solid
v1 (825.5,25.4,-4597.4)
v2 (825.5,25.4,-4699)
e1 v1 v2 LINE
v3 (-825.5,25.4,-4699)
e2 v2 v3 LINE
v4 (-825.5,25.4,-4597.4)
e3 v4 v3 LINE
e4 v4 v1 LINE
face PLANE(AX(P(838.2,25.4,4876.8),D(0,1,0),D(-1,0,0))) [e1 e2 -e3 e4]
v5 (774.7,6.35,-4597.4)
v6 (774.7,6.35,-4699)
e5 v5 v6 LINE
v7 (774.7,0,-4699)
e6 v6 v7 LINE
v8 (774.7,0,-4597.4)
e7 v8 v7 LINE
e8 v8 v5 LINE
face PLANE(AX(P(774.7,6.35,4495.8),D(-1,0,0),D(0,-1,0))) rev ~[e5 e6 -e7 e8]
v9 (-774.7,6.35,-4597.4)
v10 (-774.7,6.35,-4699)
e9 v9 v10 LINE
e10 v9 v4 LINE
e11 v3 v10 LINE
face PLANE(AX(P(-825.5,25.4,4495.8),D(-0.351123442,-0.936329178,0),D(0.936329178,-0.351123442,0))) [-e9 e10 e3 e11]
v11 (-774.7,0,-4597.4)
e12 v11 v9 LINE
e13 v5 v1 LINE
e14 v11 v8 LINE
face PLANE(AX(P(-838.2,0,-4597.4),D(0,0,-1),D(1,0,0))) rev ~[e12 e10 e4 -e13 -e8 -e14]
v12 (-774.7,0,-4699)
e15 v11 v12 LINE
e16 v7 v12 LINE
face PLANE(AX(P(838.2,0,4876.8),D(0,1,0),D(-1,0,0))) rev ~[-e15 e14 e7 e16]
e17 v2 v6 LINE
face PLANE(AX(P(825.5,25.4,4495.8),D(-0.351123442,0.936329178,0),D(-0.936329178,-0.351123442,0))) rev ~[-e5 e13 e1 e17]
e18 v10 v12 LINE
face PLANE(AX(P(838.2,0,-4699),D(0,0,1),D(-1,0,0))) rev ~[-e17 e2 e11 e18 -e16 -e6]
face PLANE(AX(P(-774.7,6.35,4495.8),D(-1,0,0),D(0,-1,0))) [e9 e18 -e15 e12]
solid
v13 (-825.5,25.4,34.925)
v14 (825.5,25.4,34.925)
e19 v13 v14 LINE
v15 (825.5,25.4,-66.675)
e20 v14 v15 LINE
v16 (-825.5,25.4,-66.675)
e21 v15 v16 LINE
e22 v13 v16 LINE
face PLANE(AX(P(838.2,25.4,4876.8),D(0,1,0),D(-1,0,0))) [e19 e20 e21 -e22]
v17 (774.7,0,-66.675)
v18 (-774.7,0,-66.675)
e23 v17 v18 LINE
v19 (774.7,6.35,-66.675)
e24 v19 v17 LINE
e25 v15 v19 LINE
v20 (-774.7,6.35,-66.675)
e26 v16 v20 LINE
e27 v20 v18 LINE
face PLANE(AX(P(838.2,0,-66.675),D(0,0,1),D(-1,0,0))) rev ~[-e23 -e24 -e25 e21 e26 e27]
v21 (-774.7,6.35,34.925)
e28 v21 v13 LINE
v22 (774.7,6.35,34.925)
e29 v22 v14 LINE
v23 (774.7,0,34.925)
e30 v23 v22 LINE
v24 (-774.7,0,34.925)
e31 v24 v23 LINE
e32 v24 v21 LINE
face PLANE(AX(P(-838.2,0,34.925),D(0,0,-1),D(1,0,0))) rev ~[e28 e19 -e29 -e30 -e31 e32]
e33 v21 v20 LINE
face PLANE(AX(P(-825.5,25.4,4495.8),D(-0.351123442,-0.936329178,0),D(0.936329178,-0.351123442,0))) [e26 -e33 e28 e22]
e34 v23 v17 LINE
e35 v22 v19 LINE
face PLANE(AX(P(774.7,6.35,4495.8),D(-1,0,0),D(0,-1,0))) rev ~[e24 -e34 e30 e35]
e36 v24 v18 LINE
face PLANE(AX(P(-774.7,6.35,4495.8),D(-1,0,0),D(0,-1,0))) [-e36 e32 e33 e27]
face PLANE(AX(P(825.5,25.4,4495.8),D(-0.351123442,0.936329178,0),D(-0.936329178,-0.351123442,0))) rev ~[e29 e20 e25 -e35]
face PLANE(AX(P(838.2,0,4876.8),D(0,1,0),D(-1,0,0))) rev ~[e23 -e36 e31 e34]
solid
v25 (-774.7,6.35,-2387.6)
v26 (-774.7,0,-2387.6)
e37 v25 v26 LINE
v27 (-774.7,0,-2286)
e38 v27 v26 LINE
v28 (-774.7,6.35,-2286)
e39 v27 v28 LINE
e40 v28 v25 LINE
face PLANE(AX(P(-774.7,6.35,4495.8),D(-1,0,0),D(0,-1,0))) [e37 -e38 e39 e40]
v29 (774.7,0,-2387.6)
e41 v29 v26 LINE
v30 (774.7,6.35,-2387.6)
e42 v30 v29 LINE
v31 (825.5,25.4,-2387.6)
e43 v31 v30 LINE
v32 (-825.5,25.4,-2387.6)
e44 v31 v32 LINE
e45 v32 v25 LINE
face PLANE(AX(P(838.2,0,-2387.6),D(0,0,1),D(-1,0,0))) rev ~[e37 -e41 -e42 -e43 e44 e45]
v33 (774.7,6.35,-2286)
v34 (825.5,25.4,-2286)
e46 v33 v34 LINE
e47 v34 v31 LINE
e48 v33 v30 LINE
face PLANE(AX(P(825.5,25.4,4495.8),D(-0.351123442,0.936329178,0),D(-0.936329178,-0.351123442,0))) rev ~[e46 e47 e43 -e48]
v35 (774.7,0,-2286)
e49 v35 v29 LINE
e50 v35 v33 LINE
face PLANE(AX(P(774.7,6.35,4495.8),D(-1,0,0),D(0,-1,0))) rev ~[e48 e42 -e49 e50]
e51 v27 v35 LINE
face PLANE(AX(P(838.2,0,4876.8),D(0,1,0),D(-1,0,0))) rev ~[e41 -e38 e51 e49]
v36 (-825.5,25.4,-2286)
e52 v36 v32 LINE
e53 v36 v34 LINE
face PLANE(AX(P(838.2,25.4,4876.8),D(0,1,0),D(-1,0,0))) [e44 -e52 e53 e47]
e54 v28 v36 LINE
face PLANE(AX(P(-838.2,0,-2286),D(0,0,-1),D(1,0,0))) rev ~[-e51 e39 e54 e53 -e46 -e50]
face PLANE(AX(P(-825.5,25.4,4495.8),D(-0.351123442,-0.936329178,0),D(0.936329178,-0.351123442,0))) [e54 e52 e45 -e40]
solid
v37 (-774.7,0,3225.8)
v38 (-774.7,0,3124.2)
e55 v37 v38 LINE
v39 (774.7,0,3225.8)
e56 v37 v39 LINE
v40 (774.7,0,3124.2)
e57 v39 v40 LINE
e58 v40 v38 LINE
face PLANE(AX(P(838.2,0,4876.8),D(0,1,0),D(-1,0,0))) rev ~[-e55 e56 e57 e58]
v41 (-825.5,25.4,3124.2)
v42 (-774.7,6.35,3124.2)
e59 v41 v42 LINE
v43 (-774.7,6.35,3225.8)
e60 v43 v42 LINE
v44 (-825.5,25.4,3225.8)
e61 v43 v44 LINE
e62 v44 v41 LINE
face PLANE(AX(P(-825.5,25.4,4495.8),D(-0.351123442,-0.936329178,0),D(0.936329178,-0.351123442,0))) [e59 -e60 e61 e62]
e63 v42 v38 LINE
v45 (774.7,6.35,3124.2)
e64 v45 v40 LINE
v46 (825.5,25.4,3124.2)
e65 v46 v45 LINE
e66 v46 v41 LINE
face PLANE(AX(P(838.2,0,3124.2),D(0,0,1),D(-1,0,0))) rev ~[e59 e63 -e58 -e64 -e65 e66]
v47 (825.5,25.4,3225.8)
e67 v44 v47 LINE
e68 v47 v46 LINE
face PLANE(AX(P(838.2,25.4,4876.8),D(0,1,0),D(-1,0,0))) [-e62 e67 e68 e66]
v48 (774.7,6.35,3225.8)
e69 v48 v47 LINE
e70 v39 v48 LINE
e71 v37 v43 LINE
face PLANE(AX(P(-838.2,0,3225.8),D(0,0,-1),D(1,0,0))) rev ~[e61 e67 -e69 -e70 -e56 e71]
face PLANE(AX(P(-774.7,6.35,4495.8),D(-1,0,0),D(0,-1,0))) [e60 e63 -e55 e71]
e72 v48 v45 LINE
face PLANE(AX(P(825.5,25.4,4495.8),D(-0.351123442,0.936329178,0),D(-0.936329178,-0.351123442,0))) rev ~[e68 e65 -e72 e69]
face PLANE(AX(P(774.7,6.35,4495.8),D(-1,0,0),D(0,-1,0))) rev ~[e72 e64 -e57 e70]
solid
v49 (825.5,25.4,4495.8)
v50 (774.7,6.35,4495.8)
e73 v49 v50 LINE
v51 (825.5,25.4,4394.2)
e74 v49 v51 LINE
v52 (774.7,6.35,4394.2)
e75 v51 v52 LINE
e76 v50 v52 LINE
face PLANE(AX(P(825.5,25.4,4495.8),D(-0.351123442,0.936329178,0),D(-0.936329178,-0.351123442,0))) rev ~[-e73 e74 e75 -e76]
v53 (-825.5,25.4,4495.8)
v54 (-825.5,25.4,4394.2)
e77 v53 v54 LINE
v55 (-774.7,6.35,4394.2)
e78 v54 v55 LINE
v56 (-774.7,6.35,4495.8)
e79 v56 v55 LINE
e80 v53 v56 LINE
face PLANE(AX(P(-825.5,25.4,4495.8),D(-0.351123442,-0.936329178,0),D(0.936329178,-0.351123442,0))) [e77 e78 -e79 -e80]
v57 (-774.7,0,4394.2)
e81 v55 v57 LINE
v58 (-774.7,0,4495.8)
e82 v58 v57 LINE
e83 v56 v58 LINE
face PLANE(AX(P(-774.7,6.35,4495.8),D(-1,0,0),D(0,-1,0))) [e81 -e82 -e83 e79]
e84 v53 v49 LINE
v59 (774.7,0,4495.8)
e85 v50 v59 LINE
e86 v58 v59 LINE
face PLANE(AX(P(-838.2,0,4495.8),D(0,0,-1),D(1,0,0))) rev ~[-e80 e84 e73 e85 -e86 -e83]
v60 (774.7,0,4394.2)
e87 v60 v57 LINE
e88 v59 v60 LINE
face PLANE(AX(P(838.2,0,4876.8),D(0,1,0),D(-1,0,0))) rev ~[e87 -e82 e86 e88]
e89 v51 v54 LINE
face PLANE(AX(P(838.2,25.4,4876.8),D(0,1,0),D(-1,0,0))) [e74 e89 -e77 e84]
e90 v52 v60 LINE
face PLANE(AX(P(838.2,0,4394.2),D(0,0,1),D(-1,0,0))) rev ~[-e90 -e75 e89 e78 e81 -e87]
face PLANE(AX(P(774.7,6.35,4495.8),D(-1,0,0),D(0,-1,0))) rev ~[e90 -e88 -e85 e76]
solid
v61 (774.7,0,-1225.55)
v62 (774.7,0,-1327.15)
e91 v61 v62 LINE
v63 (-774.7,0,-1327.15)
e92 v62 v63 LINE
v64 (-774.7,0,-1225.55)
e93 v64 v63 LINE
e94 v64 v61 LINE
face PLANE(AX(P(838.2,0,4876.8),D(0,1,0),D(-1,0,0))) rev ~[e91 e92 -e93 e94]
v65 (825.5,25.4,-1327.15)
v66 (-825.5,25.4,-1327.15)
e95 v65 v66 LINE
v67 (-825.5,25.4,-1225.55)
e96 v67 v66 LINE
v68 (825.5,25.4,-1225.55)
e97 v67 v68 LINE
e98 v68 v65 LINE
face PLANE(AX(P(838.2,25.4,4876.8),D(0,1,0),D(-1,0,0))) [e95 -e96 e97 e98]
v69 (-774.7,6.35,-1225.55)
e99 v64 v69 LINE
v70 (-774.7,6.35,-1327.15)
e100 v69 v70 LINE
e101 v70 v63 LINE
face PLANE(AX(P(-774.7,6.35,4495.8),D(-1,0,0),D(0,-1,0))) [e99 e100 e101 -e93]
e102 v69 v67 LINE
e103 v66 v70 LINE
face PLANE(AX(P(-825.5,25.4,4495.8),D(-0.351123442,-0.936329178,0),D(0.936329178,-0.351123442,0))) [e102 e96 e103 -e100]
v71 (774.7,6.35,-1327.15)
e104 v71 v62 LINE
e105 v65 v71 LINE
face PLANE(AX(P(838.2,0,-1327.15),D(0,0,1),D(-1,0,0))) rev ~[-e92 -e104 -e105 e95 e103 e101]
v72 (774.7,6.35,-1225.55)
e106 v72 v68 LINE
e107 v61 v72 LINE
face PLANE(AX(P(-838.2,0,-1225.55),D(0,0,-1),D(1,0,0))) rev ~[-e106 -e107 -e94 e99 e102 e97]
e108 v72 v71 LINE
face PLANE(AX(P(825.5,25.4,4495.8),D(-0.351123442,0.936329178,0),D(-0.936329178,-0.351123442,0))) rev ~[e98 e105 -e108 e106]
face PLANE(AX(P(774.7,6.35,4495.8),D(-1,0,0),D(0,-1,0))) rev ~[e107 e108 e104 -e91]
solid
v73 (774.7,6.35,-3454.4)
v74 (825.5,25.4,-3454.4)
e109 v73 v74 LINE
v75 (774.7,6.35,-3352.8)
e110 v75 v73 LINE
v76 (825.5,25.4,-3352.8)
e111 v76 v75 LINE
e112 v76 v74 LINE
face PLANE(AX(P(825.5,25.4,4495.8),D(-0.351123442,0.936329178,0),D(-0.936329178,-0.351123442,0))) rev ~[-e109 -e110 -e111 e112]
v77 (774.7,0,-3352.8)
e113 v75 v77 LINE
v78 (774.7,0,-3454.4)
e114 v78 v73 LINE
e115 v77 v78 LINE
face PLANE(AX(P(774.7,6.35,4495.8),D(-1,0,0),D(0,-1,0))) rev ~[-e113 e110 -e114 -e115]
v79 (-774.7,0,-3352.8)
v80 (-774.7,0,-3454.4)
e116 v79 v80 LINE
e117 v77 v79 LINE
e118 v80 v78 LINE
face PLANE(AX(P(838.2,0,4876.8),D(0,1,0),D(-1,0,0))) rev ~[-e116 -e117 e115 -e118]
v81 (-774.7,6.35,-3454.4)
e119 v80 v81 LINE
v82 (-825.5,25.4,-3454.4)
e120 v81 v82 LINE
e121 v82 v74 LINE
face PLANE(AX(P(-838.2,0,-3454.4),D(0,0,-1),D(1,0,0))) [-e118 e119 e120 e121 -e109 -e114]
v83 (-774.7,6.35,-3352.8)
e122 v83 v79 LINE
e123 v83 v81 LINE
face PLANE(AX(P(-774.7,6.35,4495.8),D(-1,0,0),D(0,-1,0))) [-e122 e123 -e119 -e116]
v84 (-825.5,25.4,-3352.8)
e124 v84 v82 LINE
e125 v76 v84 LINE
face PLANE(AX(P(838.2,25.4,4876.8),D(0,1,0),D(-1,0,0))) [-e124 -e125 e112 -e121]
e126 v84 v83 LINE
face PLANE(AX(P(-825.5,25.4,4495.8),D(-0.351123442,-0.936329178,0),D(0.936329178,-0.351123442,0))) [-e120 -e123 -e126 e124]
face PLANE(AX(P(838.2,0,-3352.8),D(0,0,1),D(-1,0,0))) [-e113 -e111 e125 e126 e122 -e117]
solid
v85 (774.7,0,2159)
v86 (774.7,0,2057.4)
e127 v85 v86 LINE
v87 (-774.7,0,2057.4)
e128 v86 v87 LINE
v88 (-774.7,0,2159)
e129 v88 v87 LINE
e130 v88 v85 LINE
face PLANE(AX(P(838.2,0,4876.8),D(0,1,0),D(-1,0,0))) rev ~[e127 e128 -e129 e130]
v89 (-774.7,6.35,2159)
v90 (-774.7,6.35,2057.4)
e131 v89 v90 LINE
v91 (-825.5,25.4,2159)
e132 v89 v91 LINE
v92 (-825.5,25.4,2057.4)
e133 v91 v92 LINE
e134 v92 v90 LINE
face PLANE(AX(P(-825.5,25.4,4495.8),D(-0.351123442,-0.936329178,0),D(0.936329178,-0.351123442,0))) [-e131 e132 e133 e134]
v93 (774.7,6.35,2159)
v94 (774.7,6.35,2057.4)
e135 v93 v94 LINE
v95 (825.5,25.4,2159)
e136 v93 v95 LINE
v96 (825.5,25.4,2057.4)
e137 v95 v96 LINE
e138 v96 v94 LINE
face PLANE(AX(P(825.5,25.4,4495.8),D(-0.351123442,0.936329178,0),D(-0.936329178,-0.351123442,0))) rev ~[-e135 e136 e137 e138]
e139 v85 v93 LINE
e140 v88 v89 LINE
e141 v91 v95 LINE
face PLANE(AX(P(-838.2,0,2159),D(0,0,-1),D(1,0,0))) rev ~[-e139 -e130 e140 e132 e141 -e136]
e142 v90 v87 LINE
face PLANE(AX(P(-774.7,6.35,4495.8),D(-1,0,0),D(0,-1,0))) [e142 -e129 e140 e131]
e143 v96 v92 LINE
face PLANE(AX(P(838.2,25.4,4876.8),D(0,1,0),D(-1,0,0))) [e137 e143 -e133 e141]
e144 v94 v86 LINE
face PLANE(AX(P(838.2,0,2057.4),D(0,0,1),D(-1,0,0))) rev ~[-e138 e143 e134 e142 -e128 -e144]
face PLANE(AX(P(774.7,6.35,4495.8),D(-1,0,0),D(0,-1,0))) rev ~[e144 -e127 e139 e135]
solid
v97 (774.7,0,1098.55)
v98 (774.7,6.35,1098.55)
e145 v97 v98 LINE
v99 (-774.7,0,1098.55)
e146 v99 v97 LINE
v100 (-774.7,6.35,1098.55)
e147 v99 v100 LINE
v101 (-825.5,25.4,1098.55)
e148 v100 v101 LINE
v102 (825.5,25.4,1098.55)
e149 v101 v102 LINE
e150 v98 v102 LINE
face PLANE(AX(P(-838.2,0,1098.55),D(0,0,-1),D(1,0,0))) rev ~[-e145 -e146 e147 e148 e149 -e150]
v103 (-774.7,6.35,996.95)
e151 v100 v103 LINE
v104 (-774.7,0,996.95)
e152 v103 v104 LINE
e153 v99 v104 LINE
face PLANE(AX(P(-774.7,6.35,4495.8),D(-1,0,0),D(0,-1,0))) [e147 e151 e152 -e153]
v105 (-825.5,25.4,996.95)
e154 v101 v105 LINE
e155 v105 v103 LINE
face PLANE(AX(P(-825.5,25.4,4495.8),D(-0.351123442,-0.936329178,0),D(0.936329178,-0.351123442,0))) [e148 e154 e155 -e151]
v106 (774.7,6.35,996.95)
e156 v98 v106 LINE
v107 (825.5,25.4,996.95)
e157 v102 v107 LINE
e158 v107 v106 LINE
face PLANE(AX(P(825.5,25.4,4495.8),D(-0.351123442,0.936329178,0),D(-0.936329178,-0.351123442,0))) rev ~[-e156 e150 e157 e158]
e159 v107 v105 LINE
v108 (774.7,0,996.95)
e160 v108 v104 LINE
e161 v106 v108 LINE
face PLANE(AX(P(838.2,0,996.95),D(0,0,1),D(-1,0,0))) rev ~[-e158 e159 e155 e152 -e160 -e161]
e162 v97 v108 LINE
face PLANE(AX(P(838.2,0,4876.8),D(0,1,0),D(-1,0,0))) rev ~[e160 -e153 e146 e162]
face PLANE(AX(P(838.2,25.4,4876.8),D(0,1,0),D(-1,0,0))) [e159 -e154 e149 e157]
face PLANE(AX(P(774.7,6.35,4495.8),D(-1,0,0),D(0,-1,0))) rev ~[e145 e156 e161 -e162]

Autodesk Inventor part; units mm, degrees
ref_plane "YZ Plane" through (0, 0, 0) normal (1, 0, 0) x (0, 1, 0)
ref_plane "XZ Plane" through (0, 0, 0) normal (0, 1, 0) x (-1, 0, 0)
ref_plane "XY Plane" through (0, 0, 0) normal (0, 0, 1) x (1, 0, 0)
sketch "Sketch1" plane through (838.2, 0, 4876.8) normal (0, 1, 0) x (-1, 0, 0)
  line L0 (1676.4, 0) -> (1676.4, -9753.6)
  line L1 (0, 0) -> (0, -9753.6)
  line L2 (1676.4, -381) -> (0, -381)
  line L3 (0, -381) -> (0, -482.6)
  line L4 (0, -482.6) -> (1676.4, -482.6)
  line L5 (1676.4, -482.6) -> (1676.4, -381)
  line L6 (0, 0) -> (1676.4, 0)
  line L7 (1676.4, -1651) -> (0, -1651)
  line L8 (0, -1651) -> (0, -1752.6)
  line L9 (0, -1752.6) -> (1676.4, -1752.6)
  line L10 (1676.4, -1752.6) -> (1676.4, -1651)
  line L11 (1676.4, -2717.8) -> (0, -2717.8)
  line L12 (0, -2717.8) -> (0, -2819.4)
  line L13 (0, -2819.4) -> (1676.4, -2819.4)
  line L14 (1676.4, -2819.4) -> (1676.4, -2717.8)
  line L15 (1676.4, -3778.25) -> (0, -3778.25)
  line L16 (0, -3778.25) -> (0, -3879.85)
  line L17 (0, -3879.85) -> (1676.4, -3879.85)
  line L18 (1676.4, -3879.85) -> (1676.4, -3778.25)
  line L19 (1676.4, -4841.875) -> (0, -4841.875)
  line L20 (0, -4841.875) -> (0, -4943.475)
  line L21 (0, -4943.475) -> (1676.4, -4943.475)
  line L22 (1676.4, -4943.475) -> (1676.4, -4841.875)
  line L23 (1676.4, -6102.35) -> (0, -6102.35)
  line L24 (0, -6102.35) -> (0, -6203.95)
  line L25 (0, -6203.95) -> (1676.4, -6203.95)
  line L26 (1676.4, -6203.95) -> (1676.4, -6102.35)
  line L27 (1676.4, -7162.8) -> (0, -7162.8)
  line L28 (0, -7162.8) -> (0, -7264.4)
  line L29 (0, -7264.4) -> (1676.4, -7264.4)
  line L30 (1676.4, -7264.4) -> (1676.4, -7162.8)
  line L31 (1676.4, -8331.2) -> (0, -8331.2)
  line L32 (0, -8331.2) -> (0, -8229.6)
  line L33 (0, -8229.6) -> (1676.4, -8229.6)
  line L34 (1676.4, -8229.6) -> (1676.4, -8331.2)
  line L35 (1676.4, -9474.2) -> (0, -9474.2)
  line L36 (0, -9474.2) -> (0, -9575.8)
  line L37 (0, -9575.8) -> (1676.4, -9575.8)
  line L38 (1676.4, -9575.8) -> (1676.4, -9474.2)
  line L39 (1676.4, -9753.6) -> (0, -9753.6)
  point P0 (0, -9474.2)
  point P1 (0, -8331.2)
  point P2 (0, -7162.8)
  point P3 (0, -6102.35)
  point P4 (0, -4841.875)
  point P5 (0, -3778.25)
  point P6 (0, -2717.8)
  point P7 (0, -1651)
  point P8 (0, -381)
  dimension "d16" = 101.6
  dimension "d17" = 381
  dimension "d14" = 101.6
  dimension "d15" = 1168.4
  dimension "d12" = 101.6
  dimension "d10" = 101.6
  dimension "d13" = 965.2
  dimension "d11" = 958.85
  dimension "d8" = 101.6
  dimension "d9" = 962.025
  dimension "d7" = 1158.875
  dimension "d6" = 101.6
  dimension "d5" = 958.85
  dimension "d4" = 101.6
  dimension "d3" = 965.2
  dimension "d1" = 177.8
  dimension "d0" = 101.6
  dimension "d2" = 101.6
extrude "Extrusion1" add sketch "Sketch1" along normal blind 25.4 contours L0 L4 L1 L2 | L0 L9 L1 L7 | L0 L13 L1 L11 | L0 L17 L1 L15 | L0 L21 L1 L19 | L0 L25 L1 L23 | L0 L29 L1 L27 | L0 L31 L1 L33 | L0 L37 L1 L35
sketch "Sketch2" plane through (-838.2, 0, 4495.8) normal (0, 0, 1) x (1, 0, 0)
  line L0 (1676.4, 25.4) -> (0, 25.4) projected
  line L1 (1676.4, 25.4) -> (1663.7, 25.4)
  line L2 (1663.7, 25.4) -> (1612.9, 6.35)
  line L3 (1612.9, 6.35) -> (1612.9, 0)
  line L4 (1612.9, 0) -> (1676.4, 0)
  line L5 (1676.4, 0) -> (1676.4, 25.4)
  line L6 (0, 0) -> (1676.4, 0) projected
  line L7 (838.2, 25.4) -> (838.2, 0) construction
  line L8 (0, 25.4) -> (1676.4, 25.4)
  line L9 (0, 25.4) -> (12.7, 25.4)
  line L10 (12.7, 25.4) -> (63.5, 6.35)
  line L11 (63.5, 6.35) -> (63.5, 0)
  line L12 (63.5, 0) -> (0, 0)
  line L13 (0, 0) -> (0, 25.4)
  line L14 (1676.4, 0) -> (0, 0)
  point P0 (0, 25.4)
  point P1 (63.5, 0)
  dimension "d21" = 6.35
  dimension "d22" = 0
  dimension "d23" = 50.8
  dimension "d24" = 12.7
extrude "Extrusion2" cut sketch "Sketch2" against normal through all contours L5 L4 L3 L2 L0 | L10 L11 L6 L13 L0
properties part number "Cross Supports" material "Steel ASTM A36"
